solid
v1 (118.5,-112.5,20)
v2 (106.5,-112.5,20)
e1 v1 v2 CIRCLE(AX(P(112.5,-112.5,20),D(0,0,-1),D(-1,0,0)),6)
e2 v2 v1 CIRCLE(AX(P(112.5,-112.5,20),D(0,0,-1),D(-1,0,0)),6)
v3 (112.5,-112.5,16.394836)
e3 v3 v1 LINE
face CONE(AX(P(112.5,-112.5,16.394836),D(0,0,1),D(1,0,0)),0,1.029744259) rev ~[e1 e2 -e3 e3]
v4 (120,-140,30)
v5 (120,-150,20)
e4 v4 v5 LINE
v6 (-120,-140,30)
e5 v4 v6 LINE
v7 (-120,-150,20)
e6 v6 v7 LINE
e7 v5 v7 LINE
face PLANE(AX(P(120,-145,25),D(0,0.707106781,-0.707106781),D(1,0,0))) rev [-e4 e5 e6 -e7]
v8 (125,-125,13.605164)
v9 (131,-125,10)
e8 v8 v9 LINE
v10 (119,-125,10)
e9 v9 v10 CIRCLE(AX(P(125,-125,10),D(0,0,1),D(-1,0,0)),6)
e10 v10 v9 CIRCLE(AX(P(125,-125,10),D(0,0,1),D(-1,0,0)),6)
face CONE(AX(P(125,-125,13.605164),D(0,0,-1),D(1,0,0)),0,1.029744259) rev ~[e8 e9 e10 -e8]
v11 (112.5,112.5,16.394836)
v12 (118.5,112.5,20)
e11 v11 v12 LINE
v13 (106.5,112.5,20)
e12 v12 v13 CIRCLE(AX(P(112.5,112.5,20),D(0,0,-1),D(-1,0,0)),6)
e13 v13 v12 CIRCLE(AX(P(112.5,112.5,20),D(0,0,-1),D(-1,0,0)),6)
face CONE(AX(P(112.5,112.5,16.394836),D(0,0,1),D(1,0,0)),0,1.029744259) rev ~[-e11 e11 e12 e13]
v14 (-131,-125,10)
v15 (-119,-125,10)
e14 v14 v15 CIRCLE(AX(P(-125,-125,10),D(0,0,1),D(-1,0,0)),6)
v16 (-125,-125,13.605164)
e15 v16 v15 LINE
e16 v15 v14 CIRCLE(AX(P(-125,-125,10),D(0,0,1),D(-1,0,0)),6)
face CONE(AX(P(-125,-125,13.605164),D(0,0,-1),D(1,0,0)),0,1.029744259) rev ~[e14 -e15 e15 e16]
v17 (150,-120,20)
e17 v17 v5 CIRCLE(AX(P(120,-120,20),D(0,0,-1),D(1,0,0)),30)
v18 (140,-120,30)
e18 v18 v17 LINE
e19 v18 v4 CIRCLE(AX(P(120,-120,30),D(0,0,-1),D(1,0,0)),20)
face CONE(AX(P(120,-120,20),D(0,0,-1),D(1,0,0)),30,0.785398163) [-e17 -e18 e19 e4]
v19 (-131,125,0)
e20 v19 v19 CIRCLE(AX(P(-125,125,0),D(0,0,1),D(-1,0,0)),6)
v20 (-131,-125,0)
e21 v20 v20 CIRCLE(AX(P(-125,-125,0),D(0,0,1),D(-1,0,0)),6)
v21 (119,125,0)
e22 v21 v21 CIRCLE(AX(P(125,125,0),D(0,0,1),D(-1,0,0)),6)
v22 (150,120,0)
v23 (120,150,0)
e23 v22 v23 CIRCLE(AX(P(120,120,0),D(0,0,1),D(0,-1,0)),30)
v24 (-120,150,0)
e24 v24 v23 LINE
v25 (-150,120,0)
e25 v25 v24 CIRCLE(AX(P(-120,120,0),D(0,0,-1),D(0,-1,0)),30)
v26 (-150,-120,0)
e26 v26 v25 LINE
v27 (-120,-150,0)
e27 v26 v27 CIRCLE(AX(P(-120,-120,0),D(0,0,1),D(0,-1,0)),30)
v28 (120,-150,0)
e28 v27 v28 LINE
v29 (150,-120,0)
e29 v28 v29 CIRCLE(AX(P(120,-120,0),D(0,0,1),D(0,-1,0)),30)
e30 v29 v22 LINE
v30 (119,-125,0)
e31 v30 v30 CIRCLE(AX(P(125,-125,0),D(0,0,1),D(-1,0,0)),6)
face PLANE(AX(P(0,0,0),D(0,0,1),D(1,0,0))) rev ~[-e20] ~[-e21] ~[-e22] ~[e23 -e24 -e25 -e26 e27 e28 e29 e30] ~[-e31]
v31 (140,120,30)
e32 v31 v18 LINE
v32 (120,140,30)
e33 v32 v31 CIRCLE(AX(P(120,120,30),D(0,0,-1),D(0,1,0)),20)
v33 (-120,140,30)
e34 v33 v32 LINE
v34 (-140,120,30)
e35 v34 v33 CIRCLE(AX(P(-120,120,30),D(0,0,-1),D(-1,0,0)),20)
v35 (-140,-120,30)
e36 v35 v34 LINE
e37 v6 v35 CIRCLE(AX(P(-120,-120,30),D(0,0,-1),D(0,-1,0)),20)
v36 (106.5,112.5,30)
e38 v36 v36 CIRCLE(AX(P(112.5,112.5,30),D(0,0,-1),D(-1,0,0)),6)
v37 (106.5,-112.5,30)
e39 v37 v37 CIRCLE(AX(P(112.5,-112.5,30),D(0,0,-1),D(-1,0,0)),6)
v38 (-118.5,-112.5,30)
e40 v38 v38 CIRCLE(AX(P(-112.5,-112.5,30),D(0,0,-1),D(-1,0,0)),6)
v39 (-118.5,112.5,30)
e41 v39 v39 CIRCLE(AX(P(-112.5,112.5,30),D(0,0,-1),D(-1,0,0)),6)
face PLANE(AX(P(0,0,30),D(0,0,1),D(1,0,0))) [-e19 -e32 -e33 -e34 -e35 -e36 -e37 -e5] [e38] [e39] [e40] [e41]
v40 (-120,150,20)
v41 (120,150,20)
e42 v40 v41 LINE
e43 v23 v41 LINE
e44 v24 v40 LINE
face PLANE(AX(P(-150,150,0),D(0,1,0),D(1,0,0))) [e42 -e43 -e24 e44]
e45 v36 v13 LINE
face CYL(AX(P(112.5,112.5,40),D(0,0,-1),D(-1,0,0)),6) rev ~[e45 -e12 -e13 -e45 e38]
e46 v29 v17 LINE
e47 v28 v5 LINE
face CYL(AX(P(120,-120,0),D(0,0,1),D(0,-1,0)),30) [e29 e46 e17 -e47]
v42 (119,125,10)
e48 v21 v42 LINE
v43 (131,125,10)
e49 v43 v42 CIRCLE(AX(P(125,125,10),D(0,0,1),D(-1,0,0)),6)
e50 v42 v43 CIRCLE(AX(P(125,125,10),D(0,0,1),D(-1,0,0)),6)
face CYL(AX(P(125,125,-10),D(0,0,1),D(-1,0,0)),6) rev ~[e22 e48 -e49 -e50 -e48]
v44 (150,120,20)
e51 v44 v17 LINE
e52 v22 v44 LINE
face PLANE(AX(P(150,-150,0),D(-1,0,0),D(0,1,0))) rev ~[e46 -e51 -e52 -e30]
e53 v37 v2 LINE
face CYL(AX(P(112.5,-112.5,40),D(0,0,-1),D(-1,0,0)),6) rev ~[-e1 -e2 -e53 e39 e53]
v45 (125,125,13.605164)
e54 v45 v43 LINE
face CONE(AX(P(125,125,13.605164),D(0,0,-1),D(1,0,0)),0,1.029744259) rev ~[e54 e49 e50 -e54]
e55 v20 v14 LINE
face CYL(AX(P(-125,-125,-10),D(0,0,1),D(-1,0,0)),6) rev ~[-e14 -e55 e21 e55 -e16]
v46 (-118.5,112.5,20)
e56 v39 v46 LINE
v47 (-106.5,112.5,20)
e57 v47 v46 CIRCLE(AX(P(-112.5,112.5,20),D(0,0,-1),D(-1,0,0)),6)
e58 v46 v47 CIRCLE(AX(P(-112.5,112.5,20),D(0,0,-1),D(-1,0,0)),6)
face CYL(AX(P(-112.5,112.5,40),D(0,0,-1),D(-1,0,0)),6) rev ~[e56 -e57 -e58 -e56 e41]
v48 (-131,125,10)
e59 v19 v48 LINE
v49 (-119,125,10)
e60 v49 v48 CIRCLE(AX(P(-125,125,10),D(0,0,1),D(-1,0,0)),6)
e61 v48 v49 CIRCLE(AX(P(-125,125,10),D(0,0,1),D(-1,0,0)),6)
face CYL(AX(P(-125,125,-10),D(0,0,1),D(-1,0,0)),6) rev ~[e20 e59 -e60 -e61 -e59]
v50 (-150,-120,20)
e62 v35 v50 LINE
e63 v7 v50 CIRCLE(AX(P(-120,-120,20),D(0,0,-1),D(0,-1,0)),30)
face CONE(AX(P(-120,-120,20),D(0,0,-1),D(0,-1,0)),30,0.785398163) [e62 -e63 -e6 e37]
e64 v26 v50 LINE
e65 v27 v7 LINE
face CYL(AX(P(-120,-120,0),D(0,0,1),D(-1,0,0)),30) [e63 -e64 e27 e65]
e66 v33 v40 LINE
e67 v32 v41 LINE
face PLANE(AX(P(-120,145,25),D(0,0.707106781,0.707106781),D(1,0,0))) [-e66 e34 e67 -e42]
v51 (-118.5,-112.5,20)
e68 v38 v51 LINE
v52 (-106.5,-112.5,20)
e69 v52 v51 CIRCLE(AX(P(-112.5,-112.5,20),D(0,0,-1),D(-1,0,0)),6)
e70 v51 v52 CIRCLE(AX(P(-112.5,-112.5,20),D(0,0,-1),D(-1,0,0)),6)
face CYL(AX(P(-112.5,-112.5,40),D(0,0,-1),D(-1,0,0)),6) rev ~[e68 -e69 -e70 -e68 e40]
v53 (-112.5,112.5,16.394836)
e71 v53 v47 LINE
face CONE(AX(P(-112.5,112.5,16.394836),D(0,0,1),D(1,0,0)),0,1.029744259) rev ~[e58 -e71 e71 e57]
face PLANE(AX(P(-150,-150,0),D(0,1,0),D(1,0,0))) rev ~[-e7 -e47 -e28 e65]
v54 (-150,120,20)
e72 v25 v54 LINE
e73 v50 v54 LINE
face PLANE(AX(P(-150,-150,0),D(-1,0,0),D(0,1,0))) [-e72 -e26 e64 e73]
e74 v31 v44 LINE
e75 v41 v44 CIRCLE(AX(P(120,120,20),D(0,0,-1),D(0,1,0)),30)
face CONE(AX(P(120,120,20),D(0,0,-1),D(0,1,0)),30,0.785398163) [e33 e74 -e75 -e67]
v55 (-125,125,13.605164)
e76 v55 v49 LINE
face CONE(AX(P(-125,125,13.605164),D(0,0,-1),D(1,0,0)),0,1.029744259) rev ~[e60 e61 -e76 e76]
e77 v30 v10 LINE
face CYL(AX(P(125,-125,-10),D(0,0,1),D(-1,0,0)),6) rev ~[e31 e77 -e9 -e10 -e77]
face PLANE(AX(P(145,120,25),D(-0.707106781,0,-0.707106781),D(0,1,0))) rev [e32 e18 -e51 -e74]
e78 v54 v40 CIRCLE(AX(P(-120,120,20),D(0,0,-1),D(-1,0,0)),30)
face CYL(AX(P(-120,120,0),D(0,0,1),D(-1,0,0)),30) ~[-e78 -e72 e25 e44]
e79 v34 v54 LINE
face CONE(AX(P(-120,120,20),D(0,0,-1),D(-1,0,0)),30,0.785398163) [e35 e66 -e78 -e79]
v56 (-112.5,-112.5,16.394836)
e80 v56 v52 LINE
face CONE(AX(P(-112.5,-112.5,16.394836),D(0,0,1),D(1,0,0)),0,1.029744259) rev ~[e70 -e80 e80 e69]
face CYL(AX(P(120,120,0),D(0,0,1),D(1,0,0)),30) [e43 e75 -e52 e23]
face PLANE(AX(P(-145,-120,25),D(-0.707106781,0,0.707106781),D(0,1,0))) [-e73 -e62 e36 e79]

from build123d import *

# Parameters (mm, degrees)
F0_W     = 300
F0_H     = 300
F1_DEPTH = 30
F3_R     = 30
F4_SIZE  = 10
F5_D     = 12
F5_DEPTH = 10
F5_TIP   = 3.6051637142
F7_D     = 12
F7_DEPTH = 10
F7_TIP   = 3.6051637142


with BuildPart() as f1:
    # F0 (on Top) → F1 (new body)
    with BuildSketch(Plane.XY):
        Rectangle(F0_W, F0_H)
    extrude(amount=F1_DEPTH)

    # F3
    f3_edges = [f1.edges().sort_by_distance(p)[0] for p in [
        (-150, 150, 15),
        (150, 150, 15),
        (-150, -150, 15),
        (150, -150, 15),
    ]]
    fillet(f3_edges, radius=F3_R)

    # F4
    f4_edges = [f1.edges().sort_by_distance(p)[0] for p in [
        (0, 150, 30),
    ]]
    chamfer(f4_edges, length=F4_SIZE)

    # F5
    with Locations(Plane.XY.offset(30)):
        with Locations((112.5, -112.5), (112.5, 112.5), (-112.5, 112.5), (-112.5, -112.5)):
            Hole(F5_D / 2, depth=F5_DEPTH)
            with Locations((0, 0, -(F5_DEPTH + F5_TIP / 2))):  # 118° drill point
                Cone(0, F5_D / 2, F5_TIP, mode=Mode.SUBTRACT)

    # F7
    with Locations(Plane(origin=(0, 0, 0), x_dir=(1, 0, 0), z_dir=(0, 0, -1))):
        with Locations((-125, 125), (-125, -125), (125, -125), (125, 125)):
            Hole(F7_D / 2, depth=F7_DEPTH)
            with Locations((0, 0, -(F7_DEPTH + F7_TIP / 2))):  # 118° drill point
                Cone(0, F7_D / 2, F7_TIP, mode=Mode.SUBTRACT)


solid = f1.part
